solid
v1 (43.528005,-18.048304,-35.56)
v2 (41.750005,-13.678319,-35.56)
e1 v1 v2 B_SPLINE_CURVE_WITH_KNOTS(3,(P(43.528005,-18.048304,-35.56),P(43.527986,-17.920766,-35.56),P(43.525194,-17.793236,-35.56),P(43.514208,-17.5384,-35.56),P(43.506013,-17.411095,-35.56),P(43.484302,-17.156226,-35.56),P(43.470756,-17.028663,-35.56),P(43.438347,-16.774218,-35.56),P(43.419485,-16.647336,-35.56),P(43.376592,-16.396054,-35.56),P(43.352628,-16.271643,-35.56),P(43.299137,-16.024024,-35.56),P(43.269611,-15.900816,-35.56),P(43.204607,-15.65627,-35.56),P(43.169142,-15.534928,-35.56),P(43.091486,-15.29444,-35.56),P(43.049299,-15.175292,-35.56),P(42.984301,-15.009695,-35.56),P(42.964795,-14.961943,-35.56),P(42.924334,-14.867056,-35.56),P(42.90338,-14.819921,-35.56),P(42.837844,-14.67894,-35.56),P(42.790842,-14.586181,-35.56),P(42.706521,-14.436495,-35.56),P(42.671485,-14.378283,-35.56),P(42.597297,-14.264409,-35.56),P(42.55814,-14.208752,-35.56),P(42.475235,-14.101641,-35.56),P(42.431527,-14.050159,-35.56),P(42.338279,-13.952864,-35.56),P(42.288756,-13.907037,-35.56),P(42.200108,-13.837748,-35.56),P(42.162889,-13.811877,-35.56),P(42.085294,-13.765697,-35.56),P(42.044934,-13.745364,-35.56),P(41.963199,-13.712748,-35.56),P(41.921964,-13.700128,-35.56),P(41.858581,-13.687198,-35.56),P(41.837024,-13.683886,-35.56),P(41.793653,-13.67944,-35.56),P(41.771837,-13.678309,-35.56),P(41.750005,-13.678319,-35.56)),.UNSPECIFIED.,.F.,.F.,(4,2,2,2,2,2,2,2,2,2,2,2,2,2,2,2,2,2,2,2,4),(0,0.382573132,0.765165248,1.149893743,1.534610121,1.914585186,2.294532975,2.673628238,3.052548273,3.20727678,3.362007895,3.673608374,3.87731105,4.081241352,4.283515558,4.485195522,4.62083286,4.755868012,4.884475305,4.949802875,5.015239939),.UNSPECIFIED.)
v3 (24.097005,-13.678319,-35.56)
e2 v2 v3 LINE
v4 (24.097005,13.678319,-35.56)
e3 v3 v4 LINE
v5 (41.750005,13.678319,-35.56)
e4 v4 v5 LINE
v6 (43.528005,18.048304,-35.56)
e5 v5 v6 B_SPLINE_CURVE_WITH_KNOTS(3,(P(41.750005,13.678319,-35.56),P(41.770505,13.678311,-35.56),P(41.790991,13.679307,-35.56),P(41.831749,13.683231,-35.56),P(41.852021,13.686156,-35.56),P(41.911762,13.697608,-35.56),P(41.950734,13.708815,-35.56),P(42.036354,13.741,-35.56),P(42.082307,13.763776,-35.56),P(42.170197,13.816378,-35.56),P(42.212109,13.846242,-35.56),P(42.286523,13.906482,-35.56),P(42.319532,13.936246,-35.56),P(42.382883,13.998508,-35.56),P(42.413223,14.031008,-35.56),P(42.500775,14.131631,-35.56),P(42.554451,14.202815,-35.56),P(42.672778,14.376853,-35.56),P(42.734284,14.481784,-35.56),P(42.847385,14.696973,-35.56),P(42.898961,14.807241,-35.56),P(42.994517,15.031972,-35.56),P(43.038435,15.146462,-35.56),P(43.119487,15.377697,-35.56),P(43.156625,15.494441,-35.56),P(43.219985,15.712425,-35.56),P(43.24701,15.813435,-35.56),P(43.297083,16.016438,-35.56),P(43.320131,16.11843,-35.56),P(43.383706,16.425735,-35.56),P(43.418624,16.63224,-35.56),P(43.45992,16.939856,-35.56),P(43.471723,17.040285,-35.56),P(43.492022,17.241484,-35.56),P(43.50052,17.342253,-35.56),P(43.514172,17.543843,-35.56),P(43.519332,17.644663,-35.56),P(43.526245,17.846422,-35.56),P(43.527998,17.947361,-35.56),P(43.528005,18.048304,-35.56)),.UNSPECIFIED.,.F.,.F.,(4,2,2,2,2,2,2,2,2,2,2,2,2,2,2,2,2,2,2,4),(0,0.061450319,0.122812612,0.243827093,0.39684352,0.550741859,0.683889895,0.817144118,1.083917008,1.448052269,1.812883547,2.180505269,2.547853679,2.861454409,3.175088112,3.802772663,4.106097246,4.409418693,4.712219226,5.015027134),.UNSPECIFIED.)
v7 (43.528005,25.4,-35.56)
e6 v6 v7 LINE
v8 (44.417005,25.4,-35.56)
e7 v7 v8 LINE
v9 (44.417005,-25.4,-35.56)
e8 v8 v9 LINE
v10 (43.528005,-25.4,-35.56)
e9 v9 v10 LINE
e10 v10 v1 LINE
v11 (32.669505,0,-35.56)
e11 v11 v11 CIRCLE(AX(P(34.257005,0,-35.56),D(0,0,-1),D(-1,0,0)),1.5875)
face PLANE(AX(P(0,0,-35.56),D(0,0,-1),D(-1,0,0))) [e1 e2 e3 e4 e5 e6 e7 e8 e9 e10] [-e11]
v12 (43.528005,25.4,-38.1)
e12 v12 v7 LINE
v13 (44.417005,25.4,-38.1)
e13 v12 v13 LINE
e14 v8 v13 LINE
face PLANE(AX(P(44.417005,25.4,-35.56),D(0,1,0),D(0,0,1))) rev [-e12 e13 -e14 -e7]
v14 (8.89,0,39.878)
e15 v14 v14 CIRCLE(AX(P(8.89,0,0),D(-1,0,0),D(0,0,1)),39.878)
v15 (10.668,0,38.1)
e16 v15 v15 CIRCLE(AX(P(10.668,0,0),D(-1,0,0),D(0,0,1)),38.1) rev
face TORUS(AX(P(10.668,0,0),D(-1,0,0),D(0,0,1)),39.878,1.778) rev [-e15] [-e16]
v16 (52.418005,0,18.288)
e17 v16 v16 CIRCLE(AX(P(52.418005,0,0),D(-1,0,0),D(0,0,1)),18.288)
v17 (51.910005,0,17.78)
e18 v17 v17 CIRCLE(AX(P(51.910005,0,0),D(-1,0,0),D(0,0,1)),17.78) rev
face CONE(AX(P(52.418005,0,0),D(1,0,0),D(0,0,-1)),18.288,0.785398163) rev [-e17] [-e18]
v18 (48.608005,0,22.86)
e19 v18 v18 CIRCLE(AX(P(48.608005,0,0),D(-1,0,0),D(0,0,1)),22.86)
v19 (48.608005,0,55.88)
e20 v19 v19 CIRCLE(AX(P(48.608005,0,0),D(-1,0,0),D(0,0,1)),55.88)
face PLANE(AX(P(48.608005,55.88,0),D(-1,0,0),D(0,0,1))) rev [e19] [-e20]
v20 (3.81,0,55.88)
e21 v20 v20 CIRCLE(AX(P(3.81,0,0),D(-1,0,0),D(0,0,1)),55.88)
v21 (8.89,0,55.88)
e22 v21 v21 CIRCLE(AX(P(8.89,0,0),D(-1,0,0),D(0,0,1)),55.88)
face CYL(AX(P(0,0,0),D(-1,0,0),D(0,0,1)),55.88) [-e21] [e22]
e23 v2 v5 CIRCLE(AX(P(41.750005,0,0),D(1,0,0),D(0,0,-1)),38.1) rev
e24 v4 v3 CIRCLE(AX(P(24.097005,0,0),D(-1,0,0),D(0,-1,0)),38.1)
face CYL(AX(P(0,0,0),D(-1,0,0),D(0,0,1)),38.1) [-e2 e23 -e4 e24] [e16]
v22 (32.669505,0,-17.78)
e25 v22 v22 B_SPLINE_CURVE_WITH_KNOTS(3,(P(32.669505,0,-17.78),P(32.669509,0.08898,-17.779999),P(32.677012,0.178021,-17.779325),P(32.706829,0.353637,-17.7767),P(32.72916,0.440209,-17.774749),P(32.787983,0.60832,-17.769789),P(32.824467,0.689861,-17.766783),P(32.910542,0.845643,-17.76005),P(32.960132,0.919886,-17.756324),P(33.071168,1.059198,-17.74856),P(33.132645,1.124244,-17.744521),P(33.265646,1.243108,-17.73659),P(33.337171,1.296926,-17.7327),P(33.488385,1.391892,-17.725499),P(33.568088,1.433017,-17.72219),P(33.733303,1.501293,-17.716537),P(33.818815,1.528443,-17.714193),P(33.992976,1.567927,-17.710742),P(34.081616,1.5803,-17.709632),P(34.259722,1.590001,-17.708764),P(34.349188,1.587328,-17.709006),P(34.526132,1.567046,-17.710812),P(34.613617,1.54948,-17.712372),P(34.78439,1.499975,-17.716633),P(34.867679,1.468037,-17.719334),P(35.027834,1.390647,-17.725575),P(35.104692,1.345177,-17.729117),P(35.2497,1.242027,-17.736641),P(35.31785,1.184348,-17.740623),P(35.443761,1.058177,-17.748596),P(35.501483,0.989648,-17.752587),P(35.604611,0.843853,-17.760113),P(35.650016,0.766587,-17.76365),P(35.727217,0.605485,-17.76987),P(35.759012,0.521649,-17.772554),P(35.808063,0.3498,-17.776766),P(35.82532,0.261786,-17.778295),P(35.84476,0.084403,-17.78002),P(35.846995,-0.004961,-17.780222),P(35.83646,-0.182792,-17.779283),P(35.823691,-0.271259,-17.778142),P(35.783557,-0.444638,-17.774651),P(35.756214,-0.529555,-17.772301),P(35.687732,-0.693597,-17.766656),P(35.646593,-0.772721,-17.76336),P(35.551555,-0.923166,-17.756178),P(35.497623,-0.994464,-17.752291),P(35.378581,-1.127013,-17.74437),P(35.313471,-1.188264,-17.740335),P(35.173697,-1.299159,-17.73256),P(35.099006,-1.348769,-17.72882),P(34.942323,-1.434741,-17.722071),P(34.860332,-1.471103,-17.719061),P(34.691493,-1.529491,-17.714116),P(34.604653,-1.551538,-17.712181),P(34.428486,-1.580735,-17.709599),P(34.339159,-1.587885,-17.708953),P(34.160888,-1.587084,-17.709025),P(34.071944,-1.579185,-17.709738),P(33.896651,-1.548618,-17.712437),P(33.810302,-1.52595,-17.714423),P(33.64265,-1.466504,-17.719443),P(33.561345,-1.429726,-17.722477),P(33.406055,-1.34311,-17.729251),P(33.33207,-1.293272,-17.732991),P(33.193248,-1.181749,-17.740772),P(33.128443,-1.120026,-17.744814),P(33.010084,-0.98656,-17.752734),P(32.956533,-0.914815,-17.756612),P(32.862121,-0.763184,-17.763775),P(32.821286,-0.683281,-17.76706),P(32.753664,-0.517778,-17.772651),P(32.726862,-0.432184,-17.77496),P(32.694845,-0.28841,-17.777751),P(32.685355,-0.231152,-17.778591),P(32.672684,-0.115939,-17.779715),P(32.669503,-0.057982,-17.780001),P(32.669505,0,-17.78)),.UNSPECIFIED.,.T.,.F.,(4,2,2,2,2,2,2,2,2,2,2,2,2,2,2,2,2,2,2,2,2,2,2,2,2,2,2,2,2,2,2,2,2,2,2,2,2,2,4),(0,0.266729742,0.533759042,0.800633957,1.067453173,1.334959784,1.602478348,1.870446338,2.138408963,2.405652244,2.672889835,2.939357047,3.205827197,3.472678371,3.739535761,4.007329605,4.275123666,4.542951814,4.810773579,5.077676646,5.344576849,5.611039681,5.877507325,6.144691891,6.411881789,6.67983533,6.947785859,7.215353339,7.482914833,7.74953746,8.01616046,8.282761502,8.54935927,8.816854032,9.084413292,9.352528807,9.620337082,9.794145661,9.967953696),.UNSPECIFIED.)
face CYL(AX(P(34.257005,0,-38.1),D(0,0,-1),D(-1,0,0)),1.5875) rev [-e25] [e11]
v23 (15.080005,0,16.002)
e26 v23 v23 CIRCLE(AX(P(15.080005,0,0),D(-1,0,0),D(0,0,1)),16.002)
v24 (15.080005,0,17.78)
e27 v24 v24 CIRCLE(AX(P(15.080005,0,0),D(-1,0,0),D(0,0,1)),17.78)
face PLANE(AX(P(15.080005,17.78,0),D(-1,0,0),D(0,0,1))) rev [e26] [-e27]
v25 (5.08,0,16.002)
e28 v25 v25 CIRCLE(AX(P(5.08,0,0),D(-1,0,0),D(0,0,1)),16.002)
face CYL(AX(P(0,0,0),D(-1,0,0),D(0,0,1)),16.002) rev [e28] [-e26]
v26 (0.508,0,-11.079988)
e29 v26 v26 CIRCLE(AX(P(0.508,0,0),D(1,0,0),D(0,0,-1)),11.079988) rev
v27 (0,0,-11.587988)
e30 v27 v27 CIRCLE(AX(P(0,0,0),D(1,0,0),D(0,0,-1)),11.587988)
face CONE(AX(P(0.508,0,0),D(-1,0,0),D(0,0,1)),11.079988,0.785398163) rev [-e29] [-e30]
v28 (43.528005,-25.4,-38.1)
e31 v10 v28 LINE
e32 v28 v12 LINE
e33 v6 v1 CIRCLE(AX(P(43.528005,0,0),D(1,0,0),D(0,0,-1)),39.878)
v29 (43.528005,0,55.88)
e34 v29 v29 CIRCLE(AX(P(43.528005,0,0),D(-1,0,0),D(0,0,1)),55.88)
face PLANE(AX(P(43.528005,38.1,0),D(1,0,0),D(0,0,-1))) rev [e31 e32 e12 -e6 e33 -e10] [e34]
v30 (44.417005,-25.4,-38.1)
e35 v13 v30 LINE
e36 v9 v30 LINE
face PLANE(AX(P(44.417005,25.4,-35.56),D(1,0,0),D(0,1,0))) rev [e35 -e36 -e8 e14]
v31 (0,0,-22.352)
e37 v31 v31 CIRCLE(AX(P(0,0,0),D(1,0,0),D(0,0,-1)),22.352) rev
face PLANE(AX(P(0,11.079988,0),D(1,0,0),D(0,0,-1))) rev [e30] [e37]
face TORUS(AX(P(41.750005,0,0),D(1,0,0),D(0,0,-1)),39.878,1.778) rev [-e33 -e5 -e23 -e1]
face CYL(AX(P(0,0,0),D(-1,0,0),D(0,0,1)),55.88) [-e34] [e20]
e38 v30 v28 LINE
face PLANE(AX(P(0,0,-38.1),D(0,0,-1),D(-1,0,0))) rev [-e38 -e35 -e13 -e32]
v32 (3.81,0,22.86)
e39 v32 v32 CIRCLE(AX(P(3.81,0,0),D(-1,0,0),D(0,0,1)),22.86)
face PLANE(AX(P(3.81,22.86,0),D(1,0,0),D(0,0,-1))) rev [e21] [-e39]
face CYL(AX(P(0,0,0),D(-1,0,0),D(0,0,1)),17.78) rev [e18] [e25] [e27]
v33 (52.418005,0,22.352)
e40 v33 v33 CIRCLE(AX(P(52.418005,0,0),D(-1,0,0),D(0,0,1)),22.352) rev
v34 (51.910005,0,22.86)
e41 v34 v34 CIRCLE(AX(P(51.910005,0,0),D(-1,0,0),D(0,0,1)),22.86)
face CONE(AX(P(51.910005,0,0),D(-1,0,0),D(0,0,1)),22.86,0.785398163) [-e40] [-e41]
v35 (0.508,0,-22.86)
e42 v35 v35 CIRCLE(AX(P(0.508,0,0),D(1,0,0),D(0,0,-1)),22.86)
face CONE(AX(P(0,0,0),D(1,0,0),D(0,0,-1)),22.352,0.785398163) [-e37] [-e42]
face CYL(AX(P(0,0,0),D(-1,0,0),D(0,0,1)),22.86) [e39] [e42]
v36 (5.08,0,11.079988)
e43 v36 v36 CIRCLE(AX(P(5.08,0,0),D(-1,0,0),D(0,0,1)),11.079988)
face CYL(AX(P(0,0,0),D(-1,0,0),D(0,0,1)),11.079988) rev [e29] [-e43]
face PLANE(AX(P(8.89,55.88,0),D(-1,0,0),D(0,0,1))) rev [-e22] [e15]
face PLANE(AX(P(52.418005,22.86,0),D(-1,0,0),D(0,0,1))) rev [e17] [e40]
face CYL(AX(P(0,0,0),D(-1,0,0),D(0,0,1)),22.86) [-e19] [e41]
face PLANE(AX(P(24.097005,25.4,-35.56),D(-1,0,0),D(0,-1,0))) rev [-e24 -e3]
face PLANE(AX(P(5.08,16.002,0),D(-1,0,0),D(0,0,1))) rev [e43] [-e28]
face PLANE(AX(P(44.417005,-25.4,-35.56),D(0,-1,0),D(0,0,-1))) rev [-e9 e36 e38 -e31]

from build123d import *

# Parameters (mm, degrees)
SKETCH3_W                         = 20.32
SKETCH3_H                         = 50.8
CUT_EXTRUDE1_DEPTH                = 2.54
F_1_8_0_125_DIAMETER_HOLE1_REACH  = 123.254
F_1_8_0_125_DIAMETER_HOLE1_BORE_R = 1.5875
FILLET2_R                         = 1.778
CHAMFER1_SIZE                     = 0.508


with BuildPart() as part:
    # Sketch1 → Revolve1 (revolve)
    with BuildSketch(Plane.XY, mode=Mode.PRIVATE) as revolve1_sk:
        Polygon((3.81, 55.88), (8.89, 55.88), (8.89, 38.1), (43.5280054, 38.1), (43.5280054, 55.88), (48.6080054, 55.88), (48.6080054, 22.86), (52.4180054, 22.86), (52.4180054, 17.78), (15.0800054, 17.78), (15.0800054, 16.002), (5.08, 16.002), (5.08, 11.079988), (0, 11.079988), (0, 22.86), (3.81, 22.86), align=None)
    revolve(revolve1_sk.sketch.rotate(Axis((0, 0, 0), (1, 0, 0)), 90), axis=Axis((0, 0, 0), (1, 0, 0)))

    # Sketch3 → Cut-Extrude1 (cut)
    with BuildSketch(Plane(origin=(0, 0, -38.1), x_dir=(-1, 0, 0), z_dir=(0, 0, -1))):
        with Locations((-34.2570054, 0)):
            Rectangle(SKETCH3_W, SKETCH3_H)
    extrude(amount=-CUT_EXTRUDE1_DEPTH, mode=Mode.SUBTRACT)

    # 1/8 (0.125) Diameter Hole1 bore → 1/8 (0.125) Diameter Hole1 (cut, up to next)
    with BuildSketch(Plane(origin=(0, 0, -38.1), x_dir=(-1, 0, 0), z_dir=(0, 0, -1)), mode=Mode.PRIVATE) as f_1_8_0_125_diameter_hole1_sk1:
        with Locations((-34.2570054, 0)):
            Circle(F_1_8_0_125_DIAMETER_HOLE1_BORE_R)
    f_1_8_0_125_diameter_hole1_tool1 = extrude(f_1_8_0_125_diameter_hole1_sk1.sketch, amount=-F_1_8_0_125_DIAMETER_HOLE1_REACH, mode=Mode.PRIVATE) & part.part
    add(f_1_8_0_125_diameter_hole1_tool1.solids().sort_by_distance((34.257005, 0, -38.1))[0], mode=Mode.SUBTRACT)

    # Fillet2
    fillet2_edges = [part.edges().sort_by_distance(p)[0] for p in [
        (8.89, 0, -38.1),
        (43.5280054, 37.459618258, 6.95607648),
    ]]
    fillet(fillet2_edges, radius=FILLET2_R)

    # Chamfer1
    chamfer1_edges = [part.edges().sort_by_distance(p)[0] for p in [
        (0, 0, -22.86),
        (0, 0, -11.079988),
        (52.4180054, 0, -17.78),
        (52.4180054, 0, -22.86),
    ]]
    chamfer(chamfer1_edges, length=CHAMFER1_SIZE)


solid = part.part
